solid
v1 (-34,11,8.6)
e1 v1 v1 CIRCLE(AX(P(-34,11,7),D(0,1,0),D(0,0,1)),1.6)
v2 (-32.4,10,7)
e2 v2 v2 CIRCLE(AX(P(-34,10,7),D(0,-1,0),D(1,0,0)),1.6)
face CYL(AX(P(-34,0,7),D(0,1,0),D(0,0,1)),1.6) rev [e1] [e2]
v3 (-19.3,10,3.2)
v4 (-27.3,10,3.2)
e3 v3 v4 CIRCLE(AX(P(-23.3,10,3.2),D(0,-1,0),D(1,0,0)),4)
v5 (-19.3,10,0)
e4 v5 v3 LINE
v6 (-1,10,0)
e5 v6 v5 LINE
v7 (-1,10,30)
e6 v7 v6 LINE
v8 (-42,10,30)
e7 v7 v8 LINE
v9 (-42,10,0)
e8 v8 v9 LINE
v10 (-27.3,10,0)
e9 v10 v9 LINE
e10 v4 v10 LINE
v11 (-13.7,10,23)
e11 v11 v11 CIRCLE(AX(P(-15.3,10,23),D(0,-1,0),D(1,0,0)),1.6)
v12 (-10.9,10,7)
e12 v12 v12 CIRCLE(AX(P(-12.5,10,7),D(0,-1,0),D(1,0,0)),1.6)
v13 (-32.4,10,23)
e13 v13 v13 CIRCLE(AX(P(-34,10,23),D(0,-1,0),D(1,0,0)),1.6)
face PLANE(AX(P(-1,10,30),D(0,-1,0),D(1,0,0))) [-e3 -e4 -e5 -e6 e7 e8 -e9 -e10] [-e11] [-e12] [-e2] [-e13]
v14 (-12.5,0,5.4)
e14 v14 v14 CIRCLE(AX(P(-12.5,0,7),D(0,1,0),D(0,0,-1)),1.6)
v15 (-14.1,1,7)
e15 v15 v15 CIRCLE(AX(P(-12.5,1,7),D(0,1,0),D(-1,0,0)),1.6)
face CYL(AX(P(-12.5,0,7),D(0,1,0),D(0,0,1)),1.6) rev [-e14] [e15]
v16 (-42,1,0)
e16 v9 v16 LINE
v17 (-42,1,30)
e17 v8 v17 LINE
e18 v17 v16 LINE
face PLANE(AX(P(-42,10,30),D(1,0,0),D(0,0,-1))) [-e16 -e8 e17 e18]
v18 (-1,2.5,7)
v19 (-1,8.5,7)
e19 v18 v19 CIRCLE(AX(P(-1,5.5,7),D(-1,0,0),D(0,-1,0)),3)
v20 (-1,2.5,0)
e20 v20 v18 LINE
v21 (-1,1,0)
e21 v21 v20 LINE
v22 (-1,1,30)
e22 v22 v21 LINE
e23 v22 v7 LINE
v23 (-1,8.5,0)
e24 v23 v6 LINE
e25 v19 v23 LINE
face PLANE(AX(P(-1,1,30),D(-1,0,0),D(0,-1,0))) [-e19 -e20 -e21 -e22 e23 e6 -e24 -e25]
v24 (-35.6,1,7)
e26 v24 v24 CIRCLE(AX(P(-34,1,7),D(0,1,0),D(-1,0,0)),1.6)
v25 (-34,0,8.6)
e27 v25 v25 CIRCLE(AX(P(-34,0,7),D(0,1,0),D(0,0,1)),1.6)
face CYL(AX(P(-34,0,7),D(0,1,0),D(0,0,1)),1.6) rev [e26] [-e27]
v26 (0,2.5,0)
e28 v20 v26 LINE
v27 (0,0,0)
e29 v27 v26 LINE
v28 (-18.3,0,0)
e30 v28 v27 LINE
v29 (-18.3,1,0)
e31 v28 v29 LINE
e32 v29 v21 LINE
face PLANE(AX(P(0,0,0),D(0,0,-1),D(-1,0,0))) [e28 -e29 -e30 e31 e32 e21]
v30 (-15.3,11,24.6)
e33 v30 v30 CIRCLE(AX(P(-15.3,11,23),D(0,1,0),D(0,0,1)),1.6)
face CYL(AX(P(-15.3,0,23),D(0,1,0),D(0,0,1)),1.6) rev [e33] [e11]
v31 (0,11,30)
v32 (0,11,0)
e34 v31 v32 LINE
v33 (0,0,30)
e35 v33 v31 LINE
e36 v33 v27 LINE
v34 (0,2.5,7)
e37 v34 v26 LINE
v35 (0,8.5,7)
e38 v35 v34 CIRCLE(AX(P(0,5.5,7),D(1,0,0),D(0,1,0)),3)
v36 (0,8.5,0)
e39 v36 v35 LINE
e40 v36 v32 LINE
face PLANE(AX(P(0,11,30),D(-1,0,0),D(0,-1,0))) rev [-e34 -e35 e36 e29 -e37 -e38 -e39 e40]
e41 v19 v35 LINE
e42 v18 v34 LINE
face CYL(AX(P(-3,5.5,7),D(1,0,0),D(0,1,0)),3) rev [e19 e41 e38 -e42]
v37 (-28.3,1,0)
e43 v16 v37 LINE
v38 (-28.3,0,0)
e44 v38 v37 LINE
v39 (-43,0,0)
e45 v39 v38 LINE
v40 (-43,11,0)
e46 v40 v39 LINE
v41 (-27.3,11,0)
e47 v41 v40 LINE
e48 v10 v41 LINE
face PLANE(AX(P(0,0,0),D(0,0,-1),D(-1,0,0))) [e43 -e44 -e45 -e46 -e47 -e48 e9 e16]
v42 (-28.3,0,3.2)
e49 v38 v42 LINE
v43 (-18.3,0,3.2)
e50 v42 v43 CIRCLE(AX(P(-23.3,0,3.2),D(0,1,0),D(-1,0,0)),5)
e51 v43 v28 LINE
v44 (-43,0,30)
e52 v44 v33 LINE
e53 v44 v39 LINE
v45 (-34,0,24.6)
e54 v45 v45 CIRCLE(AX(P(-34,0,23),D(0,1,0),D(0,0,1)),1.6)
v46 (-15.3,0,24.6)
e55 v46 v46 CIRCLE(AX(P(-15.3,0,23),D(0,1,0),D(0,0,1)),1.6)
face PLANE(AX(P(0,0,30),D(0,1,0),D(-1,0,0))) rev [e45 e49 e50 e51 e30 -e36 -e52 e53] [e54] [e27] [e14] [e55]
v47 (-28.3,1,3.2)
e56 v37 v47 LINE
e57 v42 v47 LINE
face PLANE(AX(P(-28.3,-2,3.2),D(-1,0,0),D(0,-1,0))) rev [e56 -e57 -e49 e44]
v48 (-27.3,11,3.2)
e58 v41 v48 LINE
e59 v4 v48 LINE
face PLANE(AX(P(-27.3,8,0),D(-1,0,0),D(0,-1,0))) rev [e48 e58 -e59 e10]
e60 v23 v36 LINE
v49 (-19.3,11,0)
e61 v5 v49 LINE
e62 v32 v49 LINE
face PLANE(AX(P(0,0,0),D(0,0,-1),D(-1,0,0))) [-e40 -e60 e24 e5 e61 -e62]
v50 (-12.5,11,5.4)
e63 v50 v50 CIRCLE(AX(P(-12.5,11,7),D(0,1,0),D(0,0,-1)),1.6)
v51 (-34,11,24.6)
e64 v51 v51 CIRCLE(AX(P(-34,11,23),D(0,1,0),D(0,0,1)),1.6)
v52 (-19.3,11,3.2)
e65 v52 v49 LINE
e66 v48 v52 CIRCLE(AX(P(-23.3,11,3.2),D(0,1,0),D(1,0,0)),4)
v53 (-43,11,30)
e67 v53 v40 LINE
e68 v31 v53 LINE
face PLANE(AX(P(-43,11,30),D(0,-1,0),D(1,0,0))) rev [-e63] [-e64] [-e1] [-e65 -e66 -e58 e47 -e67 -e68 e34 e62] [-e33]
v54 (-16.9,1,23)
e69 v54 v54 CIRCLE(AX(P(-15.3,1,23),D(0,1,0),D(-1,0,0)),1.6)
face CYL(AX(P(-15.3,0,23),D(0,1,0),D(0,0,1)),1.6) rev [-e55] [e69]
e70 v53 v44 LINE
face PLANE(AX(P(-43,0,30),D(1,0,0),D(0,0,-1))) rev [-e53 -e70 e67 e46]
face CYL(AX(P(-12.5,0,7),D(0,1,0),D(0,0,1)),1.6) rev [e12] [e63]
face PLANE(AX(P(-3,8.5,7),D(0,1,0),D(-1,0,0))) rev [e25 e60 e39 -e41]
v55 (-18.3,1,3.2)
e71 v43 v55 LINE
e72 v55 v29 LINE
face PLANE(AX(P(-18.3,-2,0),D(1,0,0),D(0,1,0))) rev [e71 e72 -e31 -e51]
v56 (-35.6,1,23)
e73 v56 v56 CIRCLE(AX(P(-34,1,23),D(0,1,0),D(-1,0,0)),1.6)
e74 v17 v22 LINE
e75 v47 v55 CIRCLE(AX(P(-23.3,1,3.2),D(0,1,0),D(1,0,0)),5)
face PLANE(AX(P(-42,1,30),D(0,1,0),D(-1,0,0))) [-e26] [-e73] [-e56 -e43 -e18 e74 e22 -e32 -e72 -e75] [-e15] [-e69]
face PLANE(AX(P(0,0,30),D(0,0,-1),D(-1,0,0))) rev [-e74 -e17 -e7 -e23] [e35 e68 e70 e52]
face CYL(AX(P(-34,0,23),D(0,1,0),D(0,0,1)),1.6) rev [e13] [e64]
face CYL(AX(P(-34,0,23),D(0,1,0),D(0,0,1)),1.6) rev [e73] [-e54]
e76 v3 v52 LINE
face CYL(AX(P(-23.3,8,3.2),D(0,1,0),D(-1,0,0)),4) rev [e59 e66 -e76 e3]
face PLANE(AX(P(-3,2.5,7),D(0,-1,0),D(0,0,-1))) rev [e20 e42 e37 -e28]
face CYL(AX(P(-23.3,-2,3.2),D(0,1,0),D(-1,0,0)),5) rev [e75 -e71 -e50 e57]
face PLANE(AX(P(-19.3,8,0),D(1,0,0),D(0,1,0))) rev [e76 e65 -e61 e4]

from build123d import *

# Parameters (mm, degrees)
SKETCH_2_W          = 41
SKETCH_2_H          = 9
EXTRUDE_1_DEPTH     = 30
SKETCH_3_R          = 1.6
CUT_EXTRUDE_1_DEPTH = 54.572380944
CUT_EXTRUDE_2_DEPTH = 3
CUT_EXTRUDE_3_DEPTH = 3
CUT_EXTRUDE_4_DEPTH = 3


with BuildPart() as part:
    # 草图2 → 凸台-拉伸1 (new body)
    with BuildSketch(Plane.XY):
        Polygon((0, 0), (-43, 0), (-43, 11), (0, 11), (0, 10), (0, 1), align=None)
        with Locations((-21.5, 5.5)):
            Rectangle(SKETCH_2_W, SKETCH_2_H, mode=Mode.SUBTRACT)
    extrude(amount=EXTRUDE_1_DEPTH)

    # 草图3 → 切除-拉伸1 (cut, through all)
    with BuildSketch(Plane(origin=(0, 11, 0), x_dir=(1, 0, 0), z_dir=(0, 1, 0))):
        with Locations(Location((-34, -7, 0), (0, 0, 270))):
            Circle(SKETCH_3_R)
        with Locations(Location((-34, -23, 0), (0, 0, 270))):
            Circle(SKETCH_3_R)
        with Locations(Location((-15.3, -23, 0), (0, 0, 270))):
            Circle(SKETCH_3_R)
        with Locations(Location((-12.5, -7, 0), (0, 0, 180))):
            Circle(SKETCH_3_R)
    extrude(amount=-CUT_EXTRUDE_1_DEPTH, mode=Mode.SUBTRACT)

    # 草图4 → 切除-拉伸2 (cut)
    with BuildSketch(Plane(origin=(0, 11, 0), x_dir=(1, 0, 0), z_dir=(0, 1, 0))):
        with BuildLine():
            Line((-19.3, 0), (-19.3, -3.2))
            ThreePointArc((-19.3, -3.2), (-23.3, -7.2), (-27.3, -3.2))
            Line((-27.3, -3.2), (-27.3, 0))
            Line((-27.3, 0), (-19.3, 0))
        make_face()
    extrude(amount=-CUT_EXTRUDE_2_DEPTH, mode=Mode.SUBTRACT)

    # 草图6 → 切除-拉伸3 (cut)
    with BuildSketch(Plane(origin=(0, 1, 0), x_dir=(1, 0, 0), z_dir=(0, 1, 0))):
        with BuildLine():
            Line((-28.3, -3.2), (-28.3, 0))
            Line((-28.3, 0), (-18.3, 0))
            Line((-18.3, 0), (-18.3, -3.2))
            ThreePointArc((-18.3, -3.2), (-23.3, -8.2), (-28.3, -3.2))
        make_face()
    extrude(amount=-CUT_EXTRUDE_3_DEPTH, mode=Mode.SUBTRACT)

    # 草图7 → 切除-拉伸4 (cut)
    with BuildSketch(Plane(origin=(0, 0, 0), x_dir=(0, 0, -1), z_dir=(1, 0, 0))):
        with BuildLine():
            Line((-7, 8.5), (0, 8.5))
            Line((0, 8.5), (0, 2.5))
            Line((0, 2.5), (-7, 2.5))
            ThreePointArc((-7, 2.5), (-10, 5.5), (-7, 8.5))
        make_face()
    extrude(amount=-CUT_EXTRUDE_4_DEPTH, mode=Mode.SUBTRACT)


solid = part.part
